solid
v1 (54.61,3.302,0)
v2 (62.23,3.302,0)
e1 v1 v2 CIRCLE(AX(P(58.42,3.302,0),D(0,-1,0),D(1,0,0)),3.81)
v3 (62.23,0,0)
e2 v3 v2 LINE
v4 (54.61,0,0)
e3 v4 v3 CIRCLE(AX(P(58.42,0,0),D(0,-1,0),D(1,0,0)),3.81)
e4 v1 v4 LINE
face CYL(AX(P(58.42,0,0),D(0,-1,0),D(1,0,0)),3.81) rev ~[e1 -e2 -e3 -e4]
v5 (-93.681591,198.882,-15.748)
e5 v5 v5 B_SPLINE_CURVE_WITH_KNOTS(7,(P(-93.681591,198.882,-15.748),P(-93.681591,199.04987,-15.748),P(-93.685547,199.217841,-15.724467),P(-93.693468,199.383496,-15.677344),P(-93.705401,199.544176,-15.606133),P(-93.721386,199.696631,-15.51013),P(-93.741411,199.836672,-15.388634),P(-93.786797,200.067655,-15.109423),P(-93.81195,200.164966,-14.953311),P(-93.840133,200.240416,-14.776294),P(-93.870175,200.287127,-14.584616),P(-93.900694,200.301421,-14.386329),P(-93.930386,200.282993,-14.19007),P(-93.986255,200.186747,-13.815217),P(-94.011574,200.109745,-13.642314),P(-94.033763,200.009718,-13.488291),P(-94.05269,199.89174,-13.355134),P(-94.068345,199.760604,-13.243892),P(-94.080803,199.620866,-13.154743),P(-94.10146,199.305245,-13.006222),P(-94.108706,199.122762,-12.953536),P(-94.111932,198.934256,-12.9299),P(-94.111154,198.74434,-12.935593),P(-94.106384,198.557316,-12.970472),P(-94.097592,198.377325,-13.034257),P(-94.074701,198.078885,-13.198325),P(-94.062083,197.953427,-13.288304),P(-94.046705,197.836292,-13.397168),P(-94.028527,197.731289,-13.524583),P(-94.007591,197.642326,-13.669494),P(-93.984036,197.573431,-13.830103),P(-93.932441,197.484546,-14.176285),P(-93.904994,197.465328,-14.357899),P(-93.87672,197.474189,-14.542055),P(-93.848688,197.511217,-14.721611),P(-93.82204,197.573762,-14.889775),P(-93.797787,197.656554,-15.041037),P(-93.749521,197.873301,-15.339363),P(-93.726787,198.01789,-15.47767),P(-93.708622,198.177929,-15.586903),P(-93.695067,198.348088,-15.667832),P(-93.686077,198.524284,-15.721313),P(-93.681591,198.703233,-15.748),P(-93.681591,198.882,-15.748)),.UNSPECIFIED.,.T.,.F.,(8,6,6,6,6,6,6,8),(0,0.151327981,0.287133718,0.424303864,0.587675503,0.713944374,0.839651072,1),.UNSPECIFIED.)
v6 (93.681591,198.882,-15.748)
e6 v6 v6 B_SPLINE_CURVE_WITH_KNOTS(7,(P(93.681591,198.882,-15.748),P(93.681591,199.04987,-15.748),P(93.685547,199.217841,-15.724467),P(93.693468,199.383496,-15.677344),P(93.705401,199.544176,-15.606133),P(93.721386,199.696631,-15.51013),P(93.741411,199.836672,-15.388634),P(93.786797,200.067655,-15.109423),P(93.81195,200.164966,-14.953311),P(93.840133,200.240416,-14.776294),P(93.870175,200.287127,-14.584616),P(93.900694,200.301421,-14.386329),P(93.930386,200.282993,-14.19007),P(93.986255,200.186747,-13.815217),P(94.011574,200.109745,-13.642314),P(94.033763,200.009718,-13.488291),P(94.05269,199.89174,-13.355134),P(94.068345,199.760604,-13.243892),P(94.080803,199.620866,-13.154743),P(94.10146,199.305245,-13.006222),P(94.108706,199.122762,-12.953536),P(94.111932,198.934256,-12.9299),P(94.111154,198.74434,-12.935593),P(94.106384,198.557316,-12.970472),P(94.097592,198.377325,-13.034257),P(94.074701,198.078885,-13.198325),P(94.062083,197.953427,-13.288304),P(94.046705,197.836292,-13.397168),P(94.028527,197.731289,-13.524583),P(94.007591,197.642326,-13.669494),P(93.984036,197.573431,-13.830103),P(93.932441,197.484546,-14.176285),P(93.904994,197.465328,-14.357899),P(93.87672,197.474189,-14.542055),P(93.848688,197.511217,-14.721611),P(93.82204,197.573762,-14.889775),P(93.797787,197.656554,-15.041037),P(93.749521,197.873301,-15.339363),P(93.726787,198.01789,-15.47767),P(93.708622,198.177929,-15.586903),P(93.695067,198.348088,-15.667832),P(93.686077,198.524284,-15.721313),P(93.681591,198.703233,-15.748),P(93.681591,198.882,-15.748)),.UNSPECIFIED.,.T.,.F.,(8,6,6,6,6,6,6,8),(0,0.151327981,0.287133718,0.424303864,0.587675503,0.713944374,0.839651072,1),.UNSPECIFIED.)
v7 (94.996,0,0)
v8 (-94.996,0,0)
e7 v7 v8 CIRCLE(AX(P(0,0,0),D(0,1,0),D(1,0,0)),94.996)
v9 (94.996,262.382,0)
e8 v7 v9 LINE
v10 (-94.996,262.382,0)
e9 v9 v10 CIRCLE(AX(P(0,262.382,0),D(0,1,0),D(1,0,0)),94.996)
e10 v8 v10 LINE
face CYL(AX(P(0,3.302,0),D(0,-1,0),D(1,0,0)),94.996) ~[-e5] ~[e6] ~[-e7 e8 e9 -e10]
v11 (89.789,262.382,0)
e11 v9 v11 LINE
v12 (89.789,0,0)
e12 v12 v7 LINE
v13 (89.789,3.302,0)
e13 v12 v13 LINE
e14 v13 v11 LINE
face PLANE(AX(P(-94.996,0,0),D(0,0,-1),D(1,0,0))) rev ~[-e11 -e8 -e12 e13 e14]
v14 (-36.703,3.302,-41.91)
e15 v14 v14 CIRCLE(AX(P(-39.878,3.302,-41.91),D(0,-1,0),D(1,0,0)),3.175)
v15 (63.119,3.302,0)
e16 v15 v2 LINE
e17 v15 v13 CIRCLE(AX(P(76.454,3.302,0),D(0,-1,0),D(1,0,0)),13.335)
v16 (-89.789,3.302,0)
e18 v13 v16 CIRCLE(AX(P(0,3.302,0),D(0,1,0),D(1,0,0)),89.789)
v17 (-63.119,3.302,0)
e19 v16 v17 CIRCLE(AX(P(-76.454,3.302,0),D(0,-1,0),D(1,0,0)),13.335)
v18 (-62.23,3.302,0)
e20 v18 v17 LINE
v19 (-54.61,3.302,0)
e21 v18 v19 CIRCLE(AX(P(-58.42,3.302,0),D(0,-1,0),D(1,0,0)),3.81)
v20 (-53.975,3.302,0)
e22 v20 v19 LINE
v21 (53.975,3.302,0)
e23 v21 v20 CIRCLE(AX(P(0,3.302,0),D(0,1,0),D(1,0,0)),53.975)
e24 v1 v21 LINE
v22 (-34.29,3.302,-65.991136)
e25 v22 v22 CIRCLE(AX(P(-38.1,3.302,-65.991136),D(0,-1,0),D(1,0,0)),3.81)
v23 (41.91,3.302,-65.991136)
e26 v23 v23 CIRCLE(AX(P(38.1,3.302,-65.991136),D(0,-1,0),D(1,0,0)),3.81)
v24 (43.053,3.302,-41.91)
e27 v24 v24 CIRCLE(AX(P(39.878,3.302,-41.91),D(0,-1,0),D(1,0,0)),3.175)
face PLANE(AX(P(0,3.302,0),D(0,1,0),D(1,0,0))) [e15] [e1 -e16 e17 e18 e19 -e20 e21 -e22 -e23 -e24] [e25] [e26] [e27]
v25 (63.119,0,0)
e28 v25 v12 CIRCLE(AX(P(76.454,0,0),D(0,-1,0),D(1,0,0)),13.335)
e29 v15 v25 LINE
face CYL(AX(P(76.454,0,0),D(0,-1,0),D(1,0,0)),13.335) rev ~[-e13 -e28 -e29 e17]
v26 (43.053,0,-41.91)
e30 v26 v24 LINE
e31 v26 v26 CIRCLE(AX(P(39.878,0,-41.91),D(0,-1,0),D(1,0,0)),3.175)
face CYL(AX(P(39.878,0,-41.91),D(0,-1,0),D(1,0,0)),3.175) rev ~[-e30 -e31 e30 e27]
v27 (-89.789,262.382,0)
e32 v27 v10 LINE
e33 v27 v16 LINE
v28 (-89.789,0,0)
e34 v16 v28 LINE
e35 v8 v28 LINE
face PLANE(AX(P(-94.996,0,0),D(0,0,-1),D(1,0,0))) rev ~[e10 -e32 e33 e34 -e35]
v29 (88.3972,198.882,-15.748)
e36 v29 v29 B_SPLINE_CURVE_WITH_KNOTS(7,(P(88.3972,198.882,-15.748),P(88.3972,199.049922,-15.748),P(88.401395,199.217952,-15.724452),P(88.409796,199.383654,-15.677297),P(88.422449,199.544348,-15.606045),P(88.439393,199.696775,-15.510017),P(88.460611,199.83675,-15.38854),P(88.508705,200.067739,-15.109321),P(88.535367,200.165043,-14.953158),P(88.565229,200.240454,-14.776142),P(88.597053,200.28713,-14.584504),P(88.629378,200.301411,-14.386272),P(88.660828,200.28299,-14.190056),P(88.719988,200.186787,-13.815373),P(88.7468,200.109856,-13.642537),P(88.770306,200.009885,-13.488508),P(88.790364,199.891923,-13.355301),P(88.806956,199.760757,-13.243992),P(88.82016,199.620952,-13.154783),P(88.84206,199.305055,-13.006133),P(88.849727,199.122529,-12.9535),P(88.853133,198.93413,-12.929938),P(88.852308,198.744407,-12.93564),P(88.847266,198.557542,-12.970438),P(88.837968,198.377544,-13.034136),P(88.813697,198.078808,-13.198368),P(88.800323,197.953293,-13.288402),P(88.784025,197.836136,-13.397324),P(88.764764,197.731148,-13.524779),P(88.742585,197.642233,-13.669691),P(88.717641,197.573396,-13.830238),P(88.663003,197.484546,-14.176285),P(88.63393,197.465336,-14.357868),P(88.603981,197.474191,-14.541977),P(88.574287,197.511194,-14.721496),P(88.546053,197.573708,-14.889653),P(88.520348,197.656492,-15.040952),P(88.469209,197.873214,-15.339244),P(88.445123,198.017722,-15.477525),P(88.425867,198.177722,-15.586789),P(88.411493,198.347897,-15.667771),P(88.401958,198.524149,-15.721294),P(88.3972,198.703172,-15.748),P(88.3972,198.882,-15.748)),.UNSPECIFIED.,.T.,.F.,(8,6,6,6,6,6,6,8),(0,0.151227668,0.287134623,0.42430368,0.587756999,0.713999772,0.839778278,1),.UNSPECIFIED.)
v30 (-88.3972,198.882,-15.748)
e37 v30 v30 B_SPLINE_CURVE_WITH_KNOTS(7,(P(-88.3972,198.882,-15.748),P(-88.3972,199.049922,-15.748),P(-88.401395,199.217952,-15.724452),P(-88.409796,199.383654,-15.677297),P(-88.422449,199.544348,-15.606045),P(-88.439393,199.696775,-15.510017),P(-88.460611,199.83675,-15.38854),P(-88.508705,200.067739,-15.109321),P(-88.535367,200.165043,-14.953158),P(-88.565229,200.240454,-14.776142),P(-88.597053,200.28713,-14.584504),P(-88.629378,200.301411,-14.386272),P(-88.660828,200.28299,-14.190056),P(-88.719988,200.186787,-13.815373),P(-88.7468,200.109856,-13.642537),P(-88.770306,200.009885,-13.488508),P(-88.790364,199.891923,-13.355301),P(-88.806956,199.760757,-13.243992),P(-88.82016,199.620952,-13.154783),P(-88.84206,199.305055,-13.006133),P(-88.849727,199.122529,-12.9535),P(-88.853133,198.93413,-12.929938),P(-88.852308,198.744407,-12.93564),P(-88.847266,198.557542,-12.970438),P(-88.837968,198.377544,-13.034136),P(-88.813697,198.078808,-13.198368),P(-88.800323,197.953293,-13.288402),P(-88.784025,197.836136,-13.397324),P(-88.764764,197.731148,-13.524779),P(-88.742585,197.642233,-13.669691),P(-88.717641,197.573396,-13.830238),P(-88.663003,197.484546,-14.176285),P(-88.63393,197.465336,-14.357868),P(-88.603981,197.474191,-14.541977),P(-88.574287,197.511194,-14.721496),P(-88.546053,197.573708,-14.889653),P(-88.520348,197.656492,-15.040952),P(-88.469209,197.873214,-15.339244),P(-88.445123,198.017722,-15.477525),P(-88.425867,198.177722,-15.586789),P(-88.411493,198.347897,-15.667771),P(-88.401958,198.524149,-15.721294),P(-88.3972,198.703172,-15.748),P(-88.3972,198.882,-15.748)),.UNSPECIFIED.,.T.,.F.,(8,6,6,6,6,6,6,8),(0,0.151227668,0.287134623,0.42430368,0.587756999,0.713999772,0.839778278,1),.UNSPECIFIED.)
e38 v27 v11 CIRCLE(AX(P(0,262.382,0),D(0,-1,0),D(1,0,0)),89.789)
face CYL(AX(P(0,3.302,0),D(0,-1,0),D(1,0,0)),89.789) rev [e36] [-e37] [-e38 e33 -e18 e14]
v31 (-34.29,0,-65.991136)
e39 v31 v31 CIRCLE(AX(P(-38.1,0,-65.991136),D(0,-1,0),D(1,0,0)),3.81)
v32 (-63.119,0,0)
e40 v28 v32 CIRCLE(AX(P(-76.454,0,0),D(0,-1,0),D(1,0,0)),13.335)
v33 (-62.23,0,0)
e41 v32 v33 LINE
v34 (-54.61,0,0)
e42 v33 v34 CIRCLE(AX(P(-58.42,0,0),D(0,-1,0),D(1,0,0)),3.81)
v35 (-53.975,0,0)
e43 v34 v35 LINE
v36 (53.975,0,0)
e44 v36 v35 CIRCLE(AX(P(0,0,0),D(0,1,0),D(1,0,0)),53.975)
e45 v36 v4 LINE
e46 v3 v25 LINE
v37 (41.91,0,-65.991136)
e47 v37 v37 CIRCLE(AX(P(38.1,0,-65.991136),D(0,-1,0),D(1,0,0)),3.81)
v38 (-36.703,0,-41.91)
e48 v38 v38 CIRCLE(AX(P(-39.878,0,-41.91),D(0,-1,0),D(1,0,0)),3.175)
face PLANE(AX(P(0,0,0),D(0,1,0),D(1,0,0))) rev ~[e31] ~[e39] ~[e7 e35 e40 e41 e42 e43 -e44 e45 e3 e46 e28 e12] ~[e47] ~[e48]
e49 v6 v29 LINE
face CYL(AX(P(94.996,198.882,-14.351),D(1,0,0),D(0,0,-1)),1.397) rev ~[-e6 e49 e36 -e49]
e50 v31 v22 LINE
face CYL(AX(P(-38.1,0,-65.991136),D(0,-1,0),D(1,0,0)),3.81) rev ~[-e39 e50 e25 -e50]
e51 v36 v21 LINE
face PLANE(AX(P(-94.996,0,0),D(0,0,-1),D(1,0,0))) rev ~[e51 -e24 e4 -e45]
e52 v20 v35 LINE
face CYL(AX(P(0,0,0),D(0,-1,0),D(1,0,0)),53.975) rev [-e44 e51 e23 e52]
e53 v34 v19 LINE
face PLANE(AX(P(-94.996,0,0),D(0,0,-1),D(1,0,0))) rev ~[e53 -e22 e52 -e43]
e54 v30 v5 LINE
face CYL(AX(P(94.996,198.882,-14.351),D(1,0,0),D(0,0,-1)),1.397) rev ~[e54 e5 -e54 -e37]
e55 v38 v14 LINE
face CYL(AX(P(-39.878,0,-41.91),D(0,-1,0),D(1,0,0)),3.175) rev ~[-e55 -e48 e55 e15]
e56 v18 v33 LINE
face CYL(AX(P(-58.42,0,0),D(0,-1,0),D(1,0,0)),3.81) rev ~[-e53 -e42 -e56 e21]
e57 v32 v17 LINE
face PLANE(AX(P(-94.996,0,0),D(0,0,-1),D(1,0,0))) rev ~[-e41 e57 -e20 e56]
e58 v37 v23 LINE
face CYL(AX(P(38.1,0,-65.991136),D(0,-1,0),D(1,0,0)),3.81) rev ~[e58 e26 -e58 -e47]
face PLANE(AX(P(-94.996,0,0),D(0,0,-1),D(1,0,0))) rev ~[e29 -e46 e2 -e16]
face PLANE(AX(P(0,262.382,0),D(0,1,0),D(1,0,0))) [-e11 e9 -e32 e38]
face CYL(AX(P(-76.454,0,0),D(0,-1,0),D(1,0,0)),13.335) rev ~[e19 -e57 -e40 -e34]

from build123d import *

# Parameters (mm, degrees)
SKETCH1_R               = 94.996
SKETCH1_R_2             = 53.975
TOP_OF_HATCH_DEPTH      = 3.302
SKETCH2_R               = 94.996
SKETCH2_R_2             = 89.789
HATCH_BODY_DEPTH        = 259.08
SKETCH3_R               = 13.335
CHARGE_TUBE_HOLES_DEPTH = 263.382
SKETCH4_R               = 3.81
BOLT_HOLES_DEPTH        = 263.382
SKETCH_5_R              = 5.08
ANTENNA_HOLES_DEPTH     = 263.382
SKETCH5_R               = 3.81
SKETCH5_R_2             = 3.175
INNER_SCREW_HOLES_DEPTH = 263.382
SKETCH8_R               = 1.397
CUT_EXTRUDE1_DEPTH      = 190.992
CUT_EXTRUDE3_DEPTH      = 263.3820001


with BuildPart() as part:
    # Sketch1 → Top of Hatch (new body)
    with BuildSketch(Plane(origin=(0, 0, 0), x_dir=(1, 0, 0), z_dir=(0, 1, 0))):
        Circle(SKETCH1_R)
        Circle(SKETCH1_R_2, mode=Mode.SUBTRACT)
    extrude(amount=TOP_OF_HATCH_DEPTH)

    # Sketch2 → Hatch Body (add)
    with BuildSketch(Plane(origin=(0, 3.302, 0), x_dir=(1, 0, 0), z_dir=(0, 1, 0))):
        Circle(SKETCH2_R)
        Circle(SKETCH2_R_2, mode=Mode.SUBTRACT)
    extrude(amount=HATCH_BODY_DEPTH)

    # Sketch3 → Charge Tube Holes (cut, through all)
    with BuildSketch(Plane.XZ):
        with Locations((-76.454, 0)):
            Circle(SKETCH3_R)
        with Locations((76.454, 0)):
            Circle(SKETCH3_R)
    extrude(amount=-CHARGE_TUBE_HOLES_DEPTH, mode=Mode.SUBTRACT)

    # Sketch4 → Bolt Holes (cut, through all)
    with BuildSketch(Plane.XZ):
        with Locations((-38.1, -65.991135768)):
            Circle(SKETCH4_R)
        with Locations((-38.1, 65.991135768)):
            Circle(SKETCH4_R)
        with Locations((38.1, 65.991135768)):
            Circle(SKETCH4_R)
        with Locations((38.1, -65.991135768)):
            Circle(SKETCH4_R)
    extrude(amount=-BOLT_HOLES_DEPTH, mode=Mode.SUBTRACT)

    # Sketch 5 → Antenna Holes (cut, through all)
    with BuildSketch(Plane.XZ):
        with Locations((-26.112352144, 57.324838678)):
            Circle(SKETCH_5_R)
        with Locations((9.193647856, 61.033450854)):
            Circle(SKETCH_5_R)
    extrude(amount=-ANTENNA_HOLES_DEPTH, mode=Mode.SUBTRACT)

    # Sketch5 → Inner Screw Holes (cut, through all)
    with BuildSketch(Plane.XZ):
        with Locations((58.42, 0)):
            Circle(SKETCH5_R)
        with Locations((-58.42, 0)):
            Circle(SKETCH5_R)
        with Locations((39.878, 41.91)):
            Circle(SKETCH5_R_2)
        with Locations((-39.878, 41.91)):
            Circle(SKETCH5_R_2)
        with Locations((39.878, -41.91)):
            Circle(SKETCH5_R_2)
        with Locations((-39.878, -41.91)):
            Circle(SKETCH5_R_2)
    extrude(amount=-INNER_SCREW_HOLES_DEPTH, mode=Mode.SUBTRACT)

    # Sketch8 → Cut-Extrude1 (cut, through all)
    with BuildSketch(Plane(origin=(94.996, 0, 0), x_dir=(0, 0, -1), z_dir=(1, 0, 0))):
        with Locations((14.351, 198.882)):
            Circle(SKETCH8_R)
        with Locations((-14.351, 198.882)):
            Circle(SKETCH8_R)
    extrude(amount=-CUT_EXTRUDE1_DEPTH, mode=Mode.SUBTRACT)

    # Sketch12 → Cut-Extrude3 (cut, through all)
    with BuildSketch(Plane.XZ):
        with BuildLine():
            Line((-94.996, 0), (94.996, 0))
            ThreePointArc((94.996, 0), (0, 94.996), (-94.996, 0))
        make_face()
    extrude(amount=-CUT_EXTRUDE3_DEPTH, mode=Mode.SUBTRACT)


solid = part.part
